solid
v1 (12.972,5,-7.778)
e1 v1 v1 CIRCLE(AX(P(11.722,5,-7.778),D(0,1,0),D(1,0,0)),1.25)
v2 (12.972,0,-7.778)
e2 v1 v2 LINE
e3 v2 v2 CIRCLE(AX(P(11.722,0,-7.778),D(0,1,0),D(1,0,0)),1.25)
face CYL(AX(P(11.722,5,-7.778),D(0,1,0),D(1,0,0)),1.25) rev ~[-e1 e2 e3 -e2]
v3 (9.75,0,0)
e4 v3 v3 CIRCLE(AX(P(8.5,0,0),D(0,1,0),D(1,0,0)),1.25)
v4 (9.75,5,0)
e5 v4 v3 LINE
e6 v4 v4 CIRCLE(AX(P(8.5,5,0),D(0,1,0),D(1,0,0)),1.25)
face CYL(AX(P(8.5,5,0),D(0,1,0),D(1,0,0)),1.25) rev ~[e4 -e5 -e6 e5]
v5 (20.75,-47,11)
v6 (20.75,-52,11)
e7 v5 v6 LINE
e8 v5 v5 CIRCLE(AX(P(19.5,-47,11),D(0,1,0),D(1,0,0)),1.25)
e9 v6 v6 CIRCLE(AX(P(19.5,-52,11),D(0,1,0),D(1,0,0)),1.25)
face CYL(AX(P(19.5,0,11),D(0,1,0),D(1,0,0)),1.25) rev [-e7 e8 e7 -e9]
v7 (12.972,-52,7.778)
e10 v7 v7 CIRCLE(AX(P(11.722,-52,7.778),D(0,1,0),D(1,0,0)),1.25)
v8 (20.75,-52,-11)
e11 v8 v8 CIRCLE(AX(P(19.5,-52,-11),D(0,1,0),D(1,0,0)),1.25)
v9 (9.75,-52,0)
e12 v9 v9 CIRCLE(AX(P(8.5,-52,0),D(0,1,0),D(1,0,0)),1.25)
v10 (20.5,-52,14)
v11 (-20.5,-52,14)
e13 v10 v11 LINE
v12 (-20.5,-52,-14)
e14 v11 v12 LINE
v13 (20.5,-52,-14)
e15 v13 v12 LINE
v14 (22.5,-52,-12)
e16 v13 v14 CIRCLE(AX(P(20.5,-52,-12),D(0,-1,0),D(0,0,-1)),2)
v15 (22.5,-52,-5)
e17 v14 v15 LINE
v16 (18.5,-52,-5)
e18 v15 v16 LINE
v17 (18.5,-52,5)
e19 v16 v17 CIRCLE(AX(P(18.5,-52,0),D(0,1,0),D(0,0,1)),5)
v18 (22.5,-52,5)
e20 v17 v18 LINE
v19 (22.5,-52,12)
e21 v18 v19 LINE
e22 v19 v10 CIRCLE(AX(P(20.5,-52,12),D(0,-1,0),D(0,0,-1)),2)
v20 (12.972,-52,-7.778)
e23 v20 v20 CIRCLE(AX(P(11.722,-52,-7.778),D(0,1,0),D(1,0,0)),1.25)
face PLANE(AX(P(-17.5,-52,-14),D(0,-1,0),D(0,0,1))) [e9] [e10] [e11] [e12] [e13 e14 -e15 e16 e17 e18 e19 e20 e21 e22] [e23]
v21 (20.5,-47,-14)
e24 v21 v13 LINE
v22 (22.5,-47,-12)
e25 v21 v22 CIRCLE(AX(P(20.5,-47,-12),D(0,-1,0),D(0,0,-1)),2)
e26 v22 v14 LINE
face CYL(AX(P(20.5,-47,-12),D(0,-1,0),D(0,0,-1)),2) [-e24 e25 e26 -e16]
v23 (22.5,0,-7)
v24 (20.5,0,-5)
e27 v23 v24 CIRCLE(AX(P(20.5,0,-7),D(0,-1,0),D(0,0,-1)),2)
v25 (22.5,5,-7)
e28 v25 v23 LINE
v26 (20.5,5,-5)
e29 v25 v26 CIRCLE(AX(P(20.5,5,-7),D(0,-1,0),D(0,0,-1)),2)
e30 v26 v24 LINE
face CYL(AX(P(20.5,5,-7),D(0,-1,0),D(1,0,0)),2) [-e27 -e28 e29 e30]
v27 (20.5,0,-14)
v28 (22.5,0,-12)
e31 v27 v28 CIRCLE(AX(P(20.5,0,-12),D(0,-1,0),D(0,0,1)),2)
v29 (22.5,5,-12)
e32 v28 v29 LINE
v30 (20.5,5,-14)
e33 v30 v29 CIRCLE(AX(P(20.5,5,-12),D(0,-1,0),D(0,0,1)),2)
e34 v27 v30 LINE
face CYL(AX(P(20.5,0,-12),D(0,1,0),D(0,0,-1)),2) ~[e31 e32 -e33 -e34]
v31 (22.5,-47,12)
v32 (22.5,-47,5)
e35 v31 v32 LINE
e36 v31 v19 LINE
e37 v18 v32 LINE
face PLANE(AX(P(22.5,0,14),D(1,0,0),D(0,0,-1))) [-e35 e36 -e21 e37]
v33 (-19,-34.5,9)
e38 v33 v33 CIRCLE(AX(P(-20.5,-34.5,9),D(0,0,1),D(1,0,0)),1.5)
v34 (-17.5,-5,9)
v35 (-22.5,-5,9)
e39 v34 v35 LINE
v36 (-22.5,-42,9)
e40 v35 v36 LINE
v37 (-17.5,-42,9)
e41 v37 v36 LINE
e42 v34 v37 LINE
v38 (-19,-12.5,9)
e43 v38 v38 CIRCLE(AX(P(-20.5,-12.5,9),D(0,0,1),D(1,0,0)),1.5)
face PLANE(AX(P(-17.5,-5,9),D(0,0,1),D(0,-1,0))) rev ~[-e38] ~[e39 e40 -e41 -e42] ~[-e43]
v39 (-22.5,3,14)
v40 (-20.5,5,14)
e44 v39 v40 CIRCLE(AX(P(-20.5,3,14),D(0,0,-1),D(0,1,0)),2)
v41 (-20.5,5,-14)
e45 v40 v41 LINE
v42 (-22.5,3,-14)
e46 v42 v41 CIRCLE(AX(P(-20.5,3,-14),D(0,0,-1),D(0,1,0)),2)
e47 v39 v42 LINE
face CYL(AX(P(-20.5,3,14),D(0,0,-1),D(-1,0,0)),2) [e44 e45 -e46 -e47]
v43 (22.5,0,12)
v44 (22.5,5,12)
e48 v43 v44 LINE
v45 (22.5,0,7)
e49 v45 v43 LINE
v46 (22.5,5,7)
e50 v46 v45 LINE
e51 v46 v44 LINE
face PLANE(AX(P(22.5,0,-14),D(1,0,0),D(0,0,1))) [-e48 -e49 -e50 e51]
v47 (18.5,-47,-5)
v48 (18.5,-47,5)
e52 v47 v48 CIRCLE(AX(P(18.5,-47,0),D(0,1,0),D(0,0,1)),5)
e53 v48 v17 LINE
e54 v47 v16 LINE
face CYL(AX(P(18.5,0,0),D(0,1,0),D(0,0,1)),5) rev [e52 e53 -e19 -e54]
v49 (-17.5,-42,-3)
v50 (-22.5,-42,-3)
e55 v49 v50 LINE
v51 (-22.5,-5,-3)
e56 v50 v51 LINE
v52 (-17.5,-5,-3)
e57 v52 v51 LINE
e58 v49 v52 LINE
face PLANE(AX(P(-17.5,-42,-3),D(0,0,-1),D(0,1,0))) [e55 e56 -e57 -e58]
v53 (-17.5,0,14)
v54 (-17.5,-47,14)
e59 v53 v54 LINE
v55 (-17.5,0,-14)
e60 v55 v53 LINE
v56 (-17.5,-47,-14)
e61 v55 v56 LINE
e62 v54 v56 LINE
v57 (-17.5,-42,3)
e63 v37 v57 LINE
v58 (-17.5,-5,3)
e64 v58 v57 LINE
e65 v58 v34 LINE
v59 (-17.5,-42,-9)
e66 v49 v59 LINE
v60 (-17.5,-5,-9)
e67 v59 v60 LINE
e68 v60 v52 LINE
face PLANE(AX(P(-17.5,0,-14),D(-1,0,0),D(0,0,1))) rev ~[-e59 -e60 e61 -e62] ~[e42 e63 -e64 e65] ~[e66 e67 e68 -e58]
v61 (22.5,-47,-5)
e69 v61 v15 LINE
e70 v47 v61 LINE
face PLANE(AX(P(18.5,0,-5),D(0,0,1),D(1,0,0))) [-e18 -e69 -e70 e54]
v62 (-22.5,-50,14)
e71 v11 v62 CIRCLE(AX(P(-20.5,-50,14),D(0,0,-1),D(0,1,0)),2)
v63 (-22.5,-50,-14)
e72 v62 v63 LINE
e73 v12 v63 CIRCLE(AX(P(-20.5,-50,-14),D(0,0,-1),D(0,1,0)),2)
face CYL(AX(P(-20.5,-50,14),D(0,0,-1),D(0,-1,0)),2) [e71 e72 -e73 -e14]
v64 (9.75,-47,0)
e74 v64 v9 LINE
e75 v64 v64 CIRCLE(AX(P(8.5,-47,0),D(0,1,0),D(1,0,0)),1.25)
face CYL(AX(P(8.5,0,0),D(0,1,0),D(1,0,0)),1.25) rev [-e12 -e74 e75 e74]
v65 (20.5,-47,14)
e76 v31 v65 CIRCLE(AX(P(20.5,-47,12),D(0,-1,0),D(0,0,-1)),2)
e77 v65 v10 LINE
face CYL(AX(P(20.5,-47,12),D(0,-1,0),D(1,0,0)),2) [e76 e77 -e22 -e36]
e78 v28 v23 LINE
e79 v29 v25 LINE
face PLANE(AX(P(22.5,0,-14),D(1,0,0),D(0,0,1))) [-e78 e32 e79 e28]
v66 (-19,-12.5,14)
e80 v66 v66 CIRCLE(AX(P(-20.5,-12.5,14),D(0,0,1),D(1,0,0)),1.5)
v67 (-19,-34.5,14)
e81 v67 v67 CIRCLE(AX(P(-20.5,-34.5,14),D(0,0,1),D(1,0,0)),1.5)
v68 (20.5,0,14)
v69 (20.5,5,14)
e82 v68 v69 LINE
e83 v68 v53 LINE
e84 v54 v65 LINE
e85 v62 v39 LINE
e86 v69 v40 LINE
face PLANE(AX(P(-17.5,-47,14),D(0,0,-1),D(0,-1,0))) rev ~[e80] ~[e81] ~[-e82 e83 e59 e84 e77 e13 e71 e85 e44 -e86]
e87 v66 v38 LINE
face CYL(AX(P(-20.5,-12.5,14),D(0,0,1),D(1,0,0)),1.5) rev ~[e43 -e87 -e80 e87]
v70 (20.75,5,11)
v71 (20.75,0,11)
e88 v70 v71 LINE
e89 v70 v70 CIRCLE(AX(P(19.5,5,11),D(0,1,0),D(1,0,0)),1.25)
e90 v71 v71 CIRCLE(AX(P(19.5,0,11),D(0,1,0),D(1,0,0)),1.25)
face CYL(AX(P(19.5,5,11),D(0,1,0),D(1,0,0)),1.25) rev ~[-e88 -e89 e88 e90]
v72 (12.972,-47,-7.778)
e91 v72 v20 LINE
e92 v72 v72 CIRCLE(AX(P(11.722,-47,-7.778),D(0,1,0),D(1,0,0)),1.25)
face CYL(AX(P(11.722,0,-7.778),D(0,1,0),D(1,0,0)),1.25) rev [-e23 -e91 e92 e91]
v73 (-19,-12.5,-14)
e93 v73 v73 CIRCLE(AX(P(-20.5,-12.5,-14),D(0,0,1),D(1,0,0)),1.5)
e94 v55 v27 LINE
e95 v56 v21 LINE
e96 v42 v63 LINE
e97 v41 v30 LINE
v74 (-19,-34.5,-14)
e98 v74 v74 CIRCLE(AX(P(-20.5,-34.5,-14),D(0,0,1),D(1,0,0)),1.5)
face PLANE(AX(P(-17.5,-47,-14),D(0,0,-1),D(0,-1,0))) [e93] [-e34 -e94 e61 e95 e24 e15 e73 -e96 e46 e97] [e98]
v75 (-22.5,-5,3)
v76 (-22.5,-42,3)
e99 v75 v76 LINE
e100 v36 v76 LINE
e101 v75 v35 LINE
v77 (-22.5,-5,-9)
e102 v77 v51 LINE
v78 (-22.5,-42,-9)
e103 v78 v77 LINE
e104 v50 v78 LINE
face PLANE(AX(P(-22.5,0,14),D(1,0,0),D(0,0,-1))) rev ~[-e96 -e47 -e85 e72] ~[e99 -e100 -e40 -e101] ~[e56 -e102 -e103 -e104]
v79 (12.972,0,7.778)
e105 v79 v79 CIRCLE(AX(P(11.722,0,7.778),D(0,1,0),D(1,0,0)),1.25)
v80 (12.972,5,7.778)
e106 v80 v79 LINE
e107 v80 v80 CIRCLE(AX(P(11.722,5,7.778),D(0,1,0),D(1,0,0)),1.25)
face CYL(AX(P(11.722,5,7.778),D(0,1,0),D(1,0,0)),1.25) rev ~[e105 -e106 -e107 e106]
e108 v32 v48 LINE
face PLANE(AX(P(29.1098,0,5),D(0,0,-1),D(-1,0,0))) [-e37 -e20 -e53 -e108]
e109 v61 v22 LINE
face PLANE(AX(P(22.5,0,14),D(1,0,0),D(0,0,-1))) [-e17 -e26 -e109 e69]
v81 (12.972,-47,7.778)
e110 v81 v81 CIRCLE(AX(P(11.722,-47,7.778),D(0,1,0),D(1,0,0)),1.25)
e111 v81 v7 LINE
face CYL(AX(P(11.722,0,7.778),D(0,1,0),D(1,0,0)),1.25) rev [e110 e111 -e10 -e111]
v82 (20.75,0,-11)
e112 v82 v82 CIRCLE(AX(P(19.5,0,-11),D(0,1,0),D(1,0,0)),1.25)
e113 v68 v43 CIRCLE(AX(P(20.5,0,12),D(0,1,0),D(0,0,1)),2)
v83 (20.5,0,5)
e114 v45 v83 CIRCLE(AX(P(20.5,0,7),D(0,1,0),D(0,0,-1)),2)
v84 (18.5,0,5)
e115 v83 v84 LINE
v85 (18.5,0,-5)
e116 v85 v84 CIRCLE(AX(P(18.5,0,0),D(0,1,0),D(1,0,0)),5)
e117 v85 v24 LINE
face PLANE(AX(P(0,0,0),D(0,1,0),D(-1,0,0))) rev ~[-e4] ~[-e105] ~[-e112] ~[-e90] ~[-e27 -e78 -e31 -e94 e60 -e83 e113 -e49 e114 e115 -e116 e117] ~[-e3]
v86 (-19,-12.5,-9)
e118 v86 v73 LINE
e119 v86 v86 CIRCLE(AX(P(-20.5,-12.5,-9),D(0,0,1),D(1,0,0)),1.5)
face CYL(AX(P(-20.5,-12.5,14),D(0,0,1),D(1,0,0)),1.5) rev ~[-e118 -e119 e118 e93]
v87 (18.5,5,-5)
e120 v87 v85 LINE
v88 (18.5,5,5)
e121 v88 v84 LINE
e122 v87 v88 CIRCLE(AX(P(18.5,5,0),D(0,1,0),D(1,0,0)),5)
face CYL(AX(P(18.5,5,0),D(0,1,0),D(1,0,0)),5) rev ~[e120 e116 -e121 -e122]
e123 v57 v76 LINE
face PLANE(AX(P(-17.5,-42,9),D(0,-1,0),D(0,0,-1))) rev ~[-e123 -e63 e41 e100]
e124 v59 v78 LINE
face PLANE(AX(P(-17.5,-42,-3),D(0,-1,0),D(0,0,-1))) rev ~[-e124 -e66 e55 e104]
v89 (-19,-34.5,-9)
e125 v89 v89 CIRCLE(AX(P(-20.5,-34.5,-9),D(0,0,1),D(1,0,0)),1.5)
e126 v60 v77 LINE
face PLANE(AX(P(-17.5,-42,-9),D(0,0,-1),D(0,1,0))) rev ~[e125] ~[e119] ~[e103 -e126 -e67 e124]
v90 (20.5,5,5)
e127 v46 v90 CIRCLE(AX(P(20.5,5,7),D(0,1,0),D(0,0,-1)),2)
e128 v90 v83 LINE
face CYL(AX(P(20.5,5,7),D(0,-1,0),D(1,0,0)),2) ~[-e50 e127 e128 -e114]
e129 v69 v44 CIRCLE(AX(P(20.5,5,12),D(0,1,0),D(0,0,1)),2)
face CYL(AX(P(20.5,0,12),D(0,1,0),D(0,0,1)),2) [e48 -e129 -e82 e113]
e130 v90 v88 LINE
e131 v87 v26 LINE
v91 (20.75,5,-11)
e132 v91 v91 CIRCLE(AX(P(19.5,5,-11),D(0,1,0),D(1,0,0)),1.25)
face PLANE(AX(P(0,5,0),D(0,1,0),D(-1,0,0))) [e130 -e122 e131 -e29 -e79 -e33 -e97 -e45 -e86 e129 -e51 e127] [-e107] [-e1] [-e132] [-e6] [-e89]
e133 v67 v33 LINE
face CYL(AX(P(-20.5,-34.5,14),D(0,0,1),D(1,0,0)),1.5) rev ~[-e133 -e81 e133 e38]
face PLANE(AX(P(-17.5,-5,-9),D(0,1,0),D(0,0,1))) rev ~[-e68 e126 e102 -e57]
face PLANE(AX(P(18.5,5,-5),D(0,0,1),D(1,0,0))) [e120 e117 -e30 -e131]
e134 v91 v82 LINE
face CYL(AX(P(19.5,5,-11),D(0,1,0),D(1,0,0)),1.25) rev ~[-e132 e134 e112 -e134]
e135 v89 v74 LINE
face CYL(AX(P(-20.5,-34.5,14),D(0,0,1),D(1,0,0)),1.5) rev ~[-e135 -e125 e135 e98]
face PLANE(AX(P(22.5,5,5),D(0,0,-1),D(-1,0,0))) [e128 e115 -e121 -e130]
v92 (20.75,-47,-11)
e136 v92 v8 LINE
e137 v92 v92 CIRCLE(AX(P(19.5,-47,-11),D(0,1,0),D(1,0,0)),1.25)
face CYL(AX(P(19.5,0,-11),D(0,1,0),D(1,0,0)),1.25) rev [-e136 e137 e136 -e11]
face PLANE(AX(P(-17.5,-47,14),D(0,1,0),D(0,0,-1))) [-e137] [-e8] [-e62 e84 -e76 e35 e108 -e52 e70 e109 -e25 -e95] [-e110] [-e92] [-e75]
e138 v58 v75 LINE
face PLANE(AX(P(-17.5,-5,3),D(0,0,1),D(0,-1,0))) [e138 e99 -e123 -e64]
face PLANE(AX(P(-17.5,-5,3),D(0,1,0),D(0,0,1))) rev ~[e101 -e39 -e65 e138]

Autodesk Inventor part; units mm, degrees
ref_plane "YZ Plane" through (0, 0, 0) normal (1, 0, 0) x (0, 1, 0)
ref_plane "XZ Plane" through (0, 0, 0) normal (0, 1, 0) x (-1, 0, 0)
ref_plane "XY Plane" through (0, 0, 0) normal (0, 0, 1) x (1, 0, 0)
sketch "스케치1" plane through (0, 0, 0) normal (0, 1, 0) x (-1, 0, 0)
  line L0 (22.5, -14) -> (-22.5, -14)
  line L1 (-22.5, -14) -> (-22.5, 14)
  line L2 (-22.5, 14) -> (22.5, 14)
  line L3 (22.5, 14) -> (22.5, -14)
  point P0 (0, 0)
  dimension "d0" = 28
  dimension "d1" = 45
  dimension "d2" = 14
  dimension "d3" = 22.5
extrude "돌출1" add sketch "스케치1" along normal blind 5
sketch "스케치2" plane through (0, 5, 0) normal (0, 1, 0) x (1, 0, 0)
  circle A0 centre (18.5, 0) radius 5
  line L0 (18.5, 5) -> (22.5, 5)
  line L1 (22.5, 5) -> (22.5, -5)
  line L2 (22.5, -5) -> (18.5, -5)
  line L3 (18.5, -5) -> (18.5, 5)
  line L4 (22.5, -14) -> (22.5, 14) projected
  point P0 (0, 0)
  dimension "d6" = 10
  dimension "d7" = 0
  dimension "d8" = 10
  dimension "d9" = 5
  dimension "d10" = 4
  dimension "d11" = 0
extrude "돌출2" cut sketch "스케치2" against normal blind 100
sketch "스케치3" plane through (0, 5, 0) normal (0, 1, 0) x (1, 0, 0)
  circle A0 centre (19.5, 11) radius 1.25
  line L0 (22.5, 5) -> (22.5, 14) projected
  line L1 (22.5, 14) -> (-22.5, 14) projected
  line L2 (0, 0) -> (4.9885, 0)
  circle A1 centre (19.5, -11) radius 1.25
  circle A2 centre (8.5, 0) radius 1.25
  line L3 (-22.5, -14) -> (22.5, -14) projected
  circle A3 centre (11.722, -7.778) radius 1.25
  line L4 (22.5, -14) -> (22.5, -5) projected
  circle A4 centre (11.722, 7.778) radius 1.25
  dimension "d14" = 2.5
  dimension "d15" = 3
  dimension "d16" = 3
  dimension "d17" = 14
  dimension "d18" = 2.5
  dimension "d19" = 14
  dimension "d20" = 10.778
  dimension "d21" = 6.222
  dimension "d22" = 2.5
extrude "돌출3" cut sketch "스케치3" against normal blind 5
fillet "모깎기1" radius 2 4 edges at (22.5, 2.5, -14) (22.5, 2.5, 14) (22.5, 2.5, -5) (22.5, 2.5, 5)
sketch "스케치4" plane through (0, 0, 0) normal (0, -1, 0) x (1, 0, 0)
  line L0 (-22.5, -14) -> (20.5, -14) projected
  line L1 (20.5, 14) -> (-22.5, 14) projected
  line L2 (-22.5, -14) -> (-17.5, -14)
  line L3 (-17.5, -14) -> (-17.5, 14)
  line L4 (-17.5, 14) -> (-22.5, 14)
  line L5 (-22.5, 14) -> (-22.5, -14)
  point P0 (0, 0)
  dimension "d26" = 5
extrude "돌출4" add sketch "스케치4" along normal blind 52
fillet "모깎기2" radius 2 1 edges at (-22.5, 5, 0)
sketch "스케치5" plane through (-17.5, 0, 14) normal (1, 0, 0) x (0, 0, -1)
  point P0 (14, 0)
sketch "스케치6" plane through (-17.5, 0, 14) normal (1, 0, 0) x (0, 0, -1)
  line L0 (28, 0) -> (28, -52) projected
  line L1 (0, 0) -> (0, -52) projected
  line L2 (28, -52) -> (0, -52)
  line L3 (0, -52) -> (0, -47)
  line L4 (0, -47) -> (28, -47)
  line L5 (28, -47) -> (28, -52)
  point P0 (14, 0)
  dimension "d30" = 5
extrude "돌출5" add sketch "스케치6" along normal blind 40
sketch "스케치7" plane through (0, 0, 0) normal (0, -1, 0) x (1, 0, 0)
  circle A0 centre (19.5, -11) radius 1.25 projected
  circle A1 centre (19.5, -11) radius 1.25
  circle A2 centre (11.722, -7.778) radius 1.25 projected
  circle A3 centre (11.722, -7.778) radius 1.25
  circle A4 centre (8.5, 0) radius 1.25 projected
  circle A5 centre (8.5, 0) radius 1.25
  circle A6 centre (11.722, 7.778) radius 1.25 projected
  circle A7 centre (11.722, 7.778) radius 1.25
  circle A8 centre (19.5, 11) radius 1.25 projected
  circle A9 centre (19.5, 11) radius 1.25
  arc A10 (18.5, 5) -> (18.5, -5) centre (18.5, 0) ccw projected
  circle A11 centre (18.5, 0) radius 5
  line L0 (18.5, -5) -> (29.1098, -5)
  line L1 (29.1098, -5) -> (29.1098, 5)
  line L2 (29.1098, 5) -> (18.5, 5)
  line L3 (18.5, 5) -> (18.5, -5)
  point P0 (0, 0)
extrude "돌출6" cut sketch "스케치7" along normal blind 200
fillet "모깎기4" radius 2 2 edges at (22.5, -49.5, 14) (22.5, -49.5, -14)
fillet "모깎기5" radius 2 1 edges at (-22.5, -52, 0)
sketch "스케치10" plane through (20.5, 0, 14) normal (0, 0, 1) x (1, 0, 0)
  circle A0 centre (-41, -12.5) radius 1.5
  circle A1 centre (-41, -34.5) radius 1.5
  line L0 (-32.0554, -23.5) -> (-2.5003, -23.5)
  line L1 (-43, 3) -> (-43, -50) projected
  point P0 (-20.5, 0)
  dimension "d54" = 3
  dimension "d55" = 3
  dimension "d56" = 22
  dimension "d57" = 23.5
  dimension "d58" = 11
  dimension "d59" = 2
  dimension "d60" = 2
extrude "돌출9" cut sketch "스케치10" against normal blind 80
sketch "스케치11" plane through (-17.5, 0, 14) normal (1, 0, 0) x (0, 0, -1)
  line L0 (5, -42) -> (23, -42)
  line L1 (23, -42) -> (23, -5)
  line L2 (23, -5) -> (5, -5)
  line L3 (5, -5) -> (5, -42)
  line L4 (0, 0) -> (0, -47) projected
  line L5 (28, 0) -> (28, -47) projected
  line L6 (19, 0) -> (9, 0) projected
  line L7 (9, -47) -> (19, -47) projected
  line L8 (11, -42) -> (17, -42)
  line L9 (17, -42) -> (17, -5)
  line L10 (17, -5) -> (11, -5)
  line L11 (11, -5) -> (11, -42)
  point P0 (14, 0)
  dimension "d63" = 5
  dimension "d64" = 5
  dimension "d65" = 5
  dimension "d66" = 5
  dimension "d67" = 6
  dimension "d68" = 6
extrude "돌출10" cut sketch "스케치11" against normal blind 80 contours L3 L2 L11 L0 | L9 L2 L1 L0
sketch "스케치12" plane through (-17.5, -42, 3) normal (0, 0, 1) x (1, 0, 0)
  circle A0 centre (-3, 7.5) radius 1.5 projected
  circle A1 centre (-3, 7.5) radius 1.5
  circle A2 centre (-3, 29.5) radius 1.5 projected
  circle A3 centre (-3, 29.5) radius 1.5
  point P0 (17.5, 42)
extrude "돌출11" add sketch "스케치12" against normal blind 6
properties part number "elbow_gear"
